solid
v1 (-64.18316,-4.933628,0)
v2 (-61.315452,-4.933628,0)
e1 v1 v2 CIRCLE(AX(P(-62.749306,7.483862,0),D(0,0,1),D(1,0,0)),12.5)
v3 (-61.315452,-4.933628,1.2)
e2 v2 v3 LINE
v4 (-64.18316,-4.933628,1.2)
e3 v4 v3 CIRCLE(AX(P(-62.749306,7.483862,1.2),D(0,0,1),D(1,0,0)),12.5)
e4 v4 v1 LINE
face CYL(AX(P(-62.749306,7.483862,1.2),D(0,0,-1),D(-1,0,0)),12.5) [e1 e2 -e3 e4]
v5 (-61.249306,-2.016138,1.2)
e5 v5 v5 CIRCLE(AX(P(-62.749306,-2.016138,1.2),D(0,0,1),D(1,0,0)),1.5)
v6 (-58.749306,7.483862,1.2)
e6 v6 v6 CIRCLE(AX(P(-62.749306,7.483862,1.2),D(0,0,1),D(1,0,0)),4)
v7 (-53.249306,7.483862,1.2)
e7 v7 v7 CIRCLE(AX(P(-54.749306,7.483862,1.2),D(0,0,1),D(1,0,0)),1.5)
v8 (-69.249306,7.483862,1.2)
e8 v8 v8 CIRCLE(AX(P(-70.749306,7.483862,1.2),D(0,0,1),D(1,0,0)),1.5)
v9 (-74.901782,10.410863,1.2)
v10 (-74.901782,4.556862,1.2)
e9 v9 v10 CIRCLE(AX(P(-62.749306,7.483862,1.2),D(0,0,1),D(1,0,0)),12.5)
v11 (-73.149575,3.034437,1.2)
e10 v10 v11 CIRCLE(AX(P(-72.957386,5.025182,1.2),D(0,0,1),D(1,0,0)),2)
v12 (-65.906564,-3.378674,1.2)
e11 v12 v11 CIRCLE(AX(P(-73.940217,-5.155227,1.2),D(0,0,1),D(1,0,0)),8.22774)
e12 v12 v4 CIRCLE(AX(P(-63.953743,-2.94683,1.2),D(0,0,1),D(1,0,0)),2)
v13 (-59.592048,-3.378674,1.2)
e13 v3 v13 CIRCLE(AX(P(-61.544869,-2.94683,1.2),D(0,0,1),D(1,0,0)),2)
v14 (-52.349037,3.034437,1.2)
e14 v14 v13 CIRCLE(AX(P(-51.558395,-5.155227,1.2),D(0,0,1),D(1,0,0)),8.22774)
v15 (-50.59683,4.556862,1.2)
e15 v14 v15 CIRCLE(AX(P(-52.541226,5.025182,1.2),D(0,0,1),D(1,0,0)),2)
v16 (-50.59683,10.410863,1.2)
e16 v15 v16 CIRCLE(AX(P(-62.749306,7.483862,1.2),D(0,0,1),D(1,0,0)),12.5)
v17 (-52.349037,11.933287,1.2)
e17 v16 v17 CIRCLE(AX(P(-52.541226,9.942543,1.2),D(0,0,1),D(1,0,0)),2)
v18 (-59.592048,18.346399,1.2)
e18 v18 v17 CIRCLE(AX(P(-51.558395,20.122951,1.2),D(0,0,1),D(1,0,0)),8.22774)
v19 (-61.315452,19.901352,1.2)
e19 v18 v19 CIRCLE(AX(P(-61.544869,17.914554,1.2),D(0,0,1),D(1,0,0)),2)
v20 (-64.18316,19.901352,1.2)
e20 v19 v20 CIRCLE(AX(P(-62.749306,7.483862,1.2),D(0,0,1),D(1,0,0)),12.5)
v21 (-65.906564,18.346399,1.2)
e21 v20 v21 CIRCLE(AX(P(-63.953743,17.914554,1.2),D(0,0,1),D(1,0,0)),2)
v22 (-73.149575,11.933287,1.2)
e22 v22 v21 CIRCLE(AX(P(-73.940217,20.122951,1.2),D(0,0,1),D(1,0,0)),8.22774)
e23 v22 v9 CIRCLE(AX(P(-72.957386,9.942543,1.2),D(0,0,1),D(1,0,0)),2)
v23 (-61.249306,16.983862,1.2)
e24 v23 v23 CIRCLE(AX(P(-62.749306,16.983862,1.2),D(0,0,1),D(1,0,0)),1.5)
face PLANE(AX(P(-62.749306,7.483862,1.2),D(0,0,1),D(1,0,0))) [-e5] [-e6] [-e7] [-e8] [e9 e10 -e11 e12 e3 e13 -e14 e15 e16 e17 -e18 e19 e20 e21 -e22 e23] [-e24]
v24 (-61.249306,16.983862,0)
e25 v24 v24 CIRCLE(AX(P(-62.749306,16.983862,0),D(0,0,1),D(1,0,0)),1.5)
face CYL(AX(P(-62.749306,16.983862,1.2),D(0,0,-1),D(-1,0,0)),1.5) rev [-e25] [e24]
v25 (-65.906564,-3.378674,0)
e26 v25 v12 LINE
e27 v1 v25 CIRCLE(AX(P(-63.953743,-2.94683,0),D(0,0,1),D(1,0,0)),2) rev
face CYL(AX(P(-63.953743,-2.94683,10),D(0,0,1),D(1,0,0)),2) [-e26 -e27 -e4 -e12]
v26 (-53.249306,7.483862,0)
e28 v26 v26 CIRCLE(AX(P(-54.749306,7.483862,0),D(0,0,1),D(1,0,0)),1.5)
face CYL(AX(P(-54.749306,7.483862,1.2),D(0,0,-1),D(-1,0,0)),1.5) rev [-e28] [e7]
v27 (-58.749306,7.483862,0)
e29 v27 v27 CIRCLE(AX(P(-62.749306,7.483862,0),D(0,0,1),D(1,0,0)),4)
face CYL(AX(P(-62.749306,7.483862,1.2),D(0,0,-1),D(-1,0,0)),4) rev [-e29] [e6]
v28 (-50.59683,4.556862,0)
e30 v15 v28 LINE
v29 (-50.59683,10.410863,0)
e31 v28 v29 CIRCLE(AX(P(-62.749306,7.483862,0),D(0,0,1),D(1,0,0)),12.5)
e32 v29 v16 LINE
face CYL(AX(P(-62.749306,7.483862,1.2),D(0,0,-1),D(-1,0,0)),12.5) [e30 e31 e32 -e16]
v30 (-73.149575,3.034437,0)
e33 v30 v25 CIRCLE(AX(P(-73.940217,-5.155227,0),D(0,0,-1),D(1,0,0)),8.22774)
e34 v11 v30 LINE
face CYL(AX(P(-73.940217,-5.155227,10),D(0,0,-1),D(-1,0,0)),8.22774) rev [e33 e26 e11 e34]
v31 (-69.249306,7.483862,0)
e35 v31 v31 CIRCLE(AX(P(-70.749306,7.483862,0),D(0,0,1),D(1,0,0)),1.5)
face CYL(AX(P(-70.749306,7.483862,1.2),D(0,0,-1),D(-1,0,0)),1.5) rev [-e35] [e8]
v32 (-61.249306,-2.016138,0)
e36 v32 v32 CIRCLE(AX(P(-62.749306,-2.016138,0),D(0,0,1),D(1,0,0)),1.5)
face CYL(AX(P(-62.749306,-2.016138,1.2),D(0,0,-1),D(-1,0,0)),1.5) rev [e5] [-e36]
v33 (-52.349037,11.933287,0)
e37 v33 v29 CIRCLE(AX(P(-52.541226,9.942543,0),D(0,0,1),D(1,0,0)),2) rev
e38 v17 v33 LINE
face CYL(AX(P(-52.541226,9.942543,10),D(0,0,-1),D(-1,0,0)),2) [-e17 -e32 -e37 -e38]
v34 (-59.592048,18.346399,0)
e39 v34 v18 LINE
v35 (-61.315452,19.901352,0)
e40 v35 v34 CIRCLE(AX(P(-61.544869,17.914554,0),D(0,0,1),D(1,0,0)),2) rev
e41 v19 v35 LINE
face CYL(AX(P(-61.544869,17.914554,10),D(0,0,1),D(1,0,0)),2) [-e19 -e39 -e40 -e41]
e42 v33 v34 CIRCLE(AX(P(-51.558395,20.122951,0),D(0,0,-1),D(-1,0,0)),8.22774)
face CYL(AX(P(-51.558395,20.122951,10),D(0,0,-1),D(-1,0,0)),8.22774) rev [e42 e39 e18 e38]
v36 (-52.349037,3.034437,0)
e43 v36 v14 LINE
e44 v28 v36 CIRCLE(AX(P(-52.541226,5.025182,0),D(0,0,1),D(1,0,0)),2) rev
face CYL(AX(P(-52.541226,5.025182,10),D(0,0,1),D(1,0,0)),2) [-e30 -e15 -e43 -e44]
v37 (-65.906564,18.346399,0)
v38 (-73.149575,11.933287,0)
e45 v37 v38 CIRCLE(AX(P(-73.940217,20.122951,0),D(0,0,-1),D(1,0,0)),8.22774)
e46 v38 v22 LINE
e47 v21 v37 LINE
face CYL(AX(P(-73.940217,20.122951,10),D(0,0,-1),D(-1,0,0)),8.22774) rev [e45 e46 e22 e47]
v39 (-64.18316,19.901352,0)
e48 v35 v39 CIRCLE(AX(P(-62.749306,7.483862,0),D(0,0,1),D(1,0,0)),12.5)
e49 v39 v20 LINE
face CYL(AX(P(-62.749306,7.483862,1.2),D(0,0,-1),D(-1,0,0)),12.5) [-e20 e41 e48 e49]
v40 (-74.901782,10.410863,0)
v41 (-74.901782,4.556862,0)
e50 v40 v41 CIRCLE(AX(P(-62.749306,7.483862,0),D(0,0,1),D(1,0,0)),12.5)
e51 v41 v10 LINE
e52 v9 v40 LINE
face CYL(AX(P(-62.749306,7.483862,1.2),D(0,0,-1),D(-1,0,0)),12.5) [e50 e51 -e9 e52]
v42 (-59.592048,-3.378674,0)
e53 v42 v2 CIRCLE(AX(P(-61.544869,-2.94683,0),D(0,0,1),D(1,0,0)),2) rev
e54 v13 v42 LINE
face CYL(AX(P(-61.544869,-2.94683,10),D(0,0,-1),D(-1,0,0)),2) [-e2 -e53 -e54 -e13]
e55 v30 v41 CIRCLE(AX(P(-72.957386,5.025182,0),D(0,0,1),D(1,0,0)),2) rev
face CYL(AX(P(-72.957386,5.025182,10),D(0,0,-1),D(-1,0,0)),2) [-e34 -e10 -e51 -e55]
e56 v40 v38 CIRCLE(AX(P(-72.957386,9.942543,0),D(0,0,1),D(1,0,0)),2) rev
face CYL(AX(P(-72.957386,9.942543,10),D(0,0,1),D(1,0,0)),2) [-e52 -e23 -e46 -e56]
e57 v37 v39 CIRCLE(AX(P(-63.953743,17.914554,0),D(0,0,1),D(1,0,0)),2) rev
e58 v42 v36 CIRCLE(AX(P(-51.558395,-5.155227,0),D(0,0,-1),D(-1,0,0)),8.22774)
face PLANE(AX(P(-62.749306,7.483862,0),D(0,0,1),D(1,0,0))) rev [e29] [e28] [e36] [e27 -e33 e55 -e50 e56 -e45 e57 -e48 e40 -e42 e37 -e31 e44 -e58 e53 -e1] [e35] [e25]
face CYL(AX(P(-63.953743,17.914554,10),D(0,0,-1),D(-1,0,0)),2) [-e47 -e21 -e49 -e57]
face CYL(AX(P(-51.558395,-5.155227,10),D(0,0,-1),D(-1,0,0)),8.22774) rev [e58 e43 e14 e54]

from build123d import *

# Parameters (mm, degrees)
CROQUIS1_R              = 12.5
CROQUIS1_R_2            = 1.5
CROQUIS1_R_3            = 4
SALIENTE_EXTRUIR1_DEPTH = 1.2
CORTAR_EXTRUIR1_DEPTH   = 10
REDONDEO1_R             = 2


with BuildPart() as part:
    # Croquis1 → Saliente-Extruir1 (new body)
    with BuildSketch(Plane.XY):
        with Locations((-62.749306062, 7.483862191)):
            Circle(CROQUIS1_R)
        with Locations((-70.749306062, 7.483862191)):
            Circle(CROQUIS1_R_2, mode=Mode.SUBTRACT)
        with Locations((-54.749306062, 7.483862191)):
            Circle(CROQUIS1_R_2, mode=Mode.SUBTRACT)
        with Locations((-62.749306062, 16.983862191)):
            Circle(CROQUIS1_R_2, mode=Mode.SUBTRACT)
        with Locations((-62.749306062, -2.016137809)):
            Circle(CROQUIS1_R_2, mode=Mode.SUBTRACT)
        with Locations((-62.749306062, 7.483862191)):
            Circle(CROQUIS1_R_3, mode=Mode.SUBTRACT)
    extrude(amount=SALIENTE_EXTRUIR1_DEPTH)

    # Croquis2 → Cortar-Extruir1 (cut)
    with BuildSketch(Plane(origin=(0, 0, 0), x_dir=(-1, 0, 0), z_dir=(0, 0, -1))):
        with BuildLine():
            ThreePointArc((74.439306062, 11.910361937), (71.035706773, 16.842578089), (65.727627737, 19.623862191))
            ThreePointArc((65.727627737, 19.623862191), (68.485948691, 13.962864407), (74.439306062, 11.910361937))
        make_face()
        with BuildLine():
            ThreePointArc((74.439306062, 3.057362445), (71.035706773, -1.874853707), (65.727627737, -4.656137809))
            ThreePointArc((65.727627737, -4.656137809), (68.485948691, 1.004859975), (74.439306062, 3.057362445))
        make_face()
        with BuildLine():
            ThreePointArc((51.059306062, 3.057362445), (54.462905352, -1.874853707), (59.770984387, -4.656137809))
            ThreePointArc((59.770984387, -4.656137809), (57.012663434, 1.004859975), (51.059306062, 3.057362445))
        make_face()
        with BuildLine():
            ThreePointArc((51.059306062, 11.910361937), (54.462905352, 16.842578089), (59.770984387, 19.623862191))
            ThreePointArc((59.770984387, 19.623862191), (57.012663434, 13.962864407), (51.059306062, 11.910361937))
        make_face()
    extrude(amount=-CORTAR_EXTRUIR1_DEPTH, mode=Mode.SUBTRACT)

    # Redondeo1
    redondeo1_edges = [part.edges().sort_by_distance(p)[0] for p in [
        (-59.770984387, 19.623862191, 0.6),
        (-51.059306062, 11.910361937, 0.6),
        (-74.439306062, 11.910361937, 0.6),
        (-65.727627737, 19.623862191, 0.6),
        (-65.727627737, -4.656137809, 0.6),
        (-74.439306062, 3.057362445, 0.6),
        (-51.059306062, 3.057362445, 0.6),
        (-59.770984387, -4.656137809, 0.6),
    ]]
    fillet(redondeo1_edges, radius=REDONDEO1_R)


solid = part.part
